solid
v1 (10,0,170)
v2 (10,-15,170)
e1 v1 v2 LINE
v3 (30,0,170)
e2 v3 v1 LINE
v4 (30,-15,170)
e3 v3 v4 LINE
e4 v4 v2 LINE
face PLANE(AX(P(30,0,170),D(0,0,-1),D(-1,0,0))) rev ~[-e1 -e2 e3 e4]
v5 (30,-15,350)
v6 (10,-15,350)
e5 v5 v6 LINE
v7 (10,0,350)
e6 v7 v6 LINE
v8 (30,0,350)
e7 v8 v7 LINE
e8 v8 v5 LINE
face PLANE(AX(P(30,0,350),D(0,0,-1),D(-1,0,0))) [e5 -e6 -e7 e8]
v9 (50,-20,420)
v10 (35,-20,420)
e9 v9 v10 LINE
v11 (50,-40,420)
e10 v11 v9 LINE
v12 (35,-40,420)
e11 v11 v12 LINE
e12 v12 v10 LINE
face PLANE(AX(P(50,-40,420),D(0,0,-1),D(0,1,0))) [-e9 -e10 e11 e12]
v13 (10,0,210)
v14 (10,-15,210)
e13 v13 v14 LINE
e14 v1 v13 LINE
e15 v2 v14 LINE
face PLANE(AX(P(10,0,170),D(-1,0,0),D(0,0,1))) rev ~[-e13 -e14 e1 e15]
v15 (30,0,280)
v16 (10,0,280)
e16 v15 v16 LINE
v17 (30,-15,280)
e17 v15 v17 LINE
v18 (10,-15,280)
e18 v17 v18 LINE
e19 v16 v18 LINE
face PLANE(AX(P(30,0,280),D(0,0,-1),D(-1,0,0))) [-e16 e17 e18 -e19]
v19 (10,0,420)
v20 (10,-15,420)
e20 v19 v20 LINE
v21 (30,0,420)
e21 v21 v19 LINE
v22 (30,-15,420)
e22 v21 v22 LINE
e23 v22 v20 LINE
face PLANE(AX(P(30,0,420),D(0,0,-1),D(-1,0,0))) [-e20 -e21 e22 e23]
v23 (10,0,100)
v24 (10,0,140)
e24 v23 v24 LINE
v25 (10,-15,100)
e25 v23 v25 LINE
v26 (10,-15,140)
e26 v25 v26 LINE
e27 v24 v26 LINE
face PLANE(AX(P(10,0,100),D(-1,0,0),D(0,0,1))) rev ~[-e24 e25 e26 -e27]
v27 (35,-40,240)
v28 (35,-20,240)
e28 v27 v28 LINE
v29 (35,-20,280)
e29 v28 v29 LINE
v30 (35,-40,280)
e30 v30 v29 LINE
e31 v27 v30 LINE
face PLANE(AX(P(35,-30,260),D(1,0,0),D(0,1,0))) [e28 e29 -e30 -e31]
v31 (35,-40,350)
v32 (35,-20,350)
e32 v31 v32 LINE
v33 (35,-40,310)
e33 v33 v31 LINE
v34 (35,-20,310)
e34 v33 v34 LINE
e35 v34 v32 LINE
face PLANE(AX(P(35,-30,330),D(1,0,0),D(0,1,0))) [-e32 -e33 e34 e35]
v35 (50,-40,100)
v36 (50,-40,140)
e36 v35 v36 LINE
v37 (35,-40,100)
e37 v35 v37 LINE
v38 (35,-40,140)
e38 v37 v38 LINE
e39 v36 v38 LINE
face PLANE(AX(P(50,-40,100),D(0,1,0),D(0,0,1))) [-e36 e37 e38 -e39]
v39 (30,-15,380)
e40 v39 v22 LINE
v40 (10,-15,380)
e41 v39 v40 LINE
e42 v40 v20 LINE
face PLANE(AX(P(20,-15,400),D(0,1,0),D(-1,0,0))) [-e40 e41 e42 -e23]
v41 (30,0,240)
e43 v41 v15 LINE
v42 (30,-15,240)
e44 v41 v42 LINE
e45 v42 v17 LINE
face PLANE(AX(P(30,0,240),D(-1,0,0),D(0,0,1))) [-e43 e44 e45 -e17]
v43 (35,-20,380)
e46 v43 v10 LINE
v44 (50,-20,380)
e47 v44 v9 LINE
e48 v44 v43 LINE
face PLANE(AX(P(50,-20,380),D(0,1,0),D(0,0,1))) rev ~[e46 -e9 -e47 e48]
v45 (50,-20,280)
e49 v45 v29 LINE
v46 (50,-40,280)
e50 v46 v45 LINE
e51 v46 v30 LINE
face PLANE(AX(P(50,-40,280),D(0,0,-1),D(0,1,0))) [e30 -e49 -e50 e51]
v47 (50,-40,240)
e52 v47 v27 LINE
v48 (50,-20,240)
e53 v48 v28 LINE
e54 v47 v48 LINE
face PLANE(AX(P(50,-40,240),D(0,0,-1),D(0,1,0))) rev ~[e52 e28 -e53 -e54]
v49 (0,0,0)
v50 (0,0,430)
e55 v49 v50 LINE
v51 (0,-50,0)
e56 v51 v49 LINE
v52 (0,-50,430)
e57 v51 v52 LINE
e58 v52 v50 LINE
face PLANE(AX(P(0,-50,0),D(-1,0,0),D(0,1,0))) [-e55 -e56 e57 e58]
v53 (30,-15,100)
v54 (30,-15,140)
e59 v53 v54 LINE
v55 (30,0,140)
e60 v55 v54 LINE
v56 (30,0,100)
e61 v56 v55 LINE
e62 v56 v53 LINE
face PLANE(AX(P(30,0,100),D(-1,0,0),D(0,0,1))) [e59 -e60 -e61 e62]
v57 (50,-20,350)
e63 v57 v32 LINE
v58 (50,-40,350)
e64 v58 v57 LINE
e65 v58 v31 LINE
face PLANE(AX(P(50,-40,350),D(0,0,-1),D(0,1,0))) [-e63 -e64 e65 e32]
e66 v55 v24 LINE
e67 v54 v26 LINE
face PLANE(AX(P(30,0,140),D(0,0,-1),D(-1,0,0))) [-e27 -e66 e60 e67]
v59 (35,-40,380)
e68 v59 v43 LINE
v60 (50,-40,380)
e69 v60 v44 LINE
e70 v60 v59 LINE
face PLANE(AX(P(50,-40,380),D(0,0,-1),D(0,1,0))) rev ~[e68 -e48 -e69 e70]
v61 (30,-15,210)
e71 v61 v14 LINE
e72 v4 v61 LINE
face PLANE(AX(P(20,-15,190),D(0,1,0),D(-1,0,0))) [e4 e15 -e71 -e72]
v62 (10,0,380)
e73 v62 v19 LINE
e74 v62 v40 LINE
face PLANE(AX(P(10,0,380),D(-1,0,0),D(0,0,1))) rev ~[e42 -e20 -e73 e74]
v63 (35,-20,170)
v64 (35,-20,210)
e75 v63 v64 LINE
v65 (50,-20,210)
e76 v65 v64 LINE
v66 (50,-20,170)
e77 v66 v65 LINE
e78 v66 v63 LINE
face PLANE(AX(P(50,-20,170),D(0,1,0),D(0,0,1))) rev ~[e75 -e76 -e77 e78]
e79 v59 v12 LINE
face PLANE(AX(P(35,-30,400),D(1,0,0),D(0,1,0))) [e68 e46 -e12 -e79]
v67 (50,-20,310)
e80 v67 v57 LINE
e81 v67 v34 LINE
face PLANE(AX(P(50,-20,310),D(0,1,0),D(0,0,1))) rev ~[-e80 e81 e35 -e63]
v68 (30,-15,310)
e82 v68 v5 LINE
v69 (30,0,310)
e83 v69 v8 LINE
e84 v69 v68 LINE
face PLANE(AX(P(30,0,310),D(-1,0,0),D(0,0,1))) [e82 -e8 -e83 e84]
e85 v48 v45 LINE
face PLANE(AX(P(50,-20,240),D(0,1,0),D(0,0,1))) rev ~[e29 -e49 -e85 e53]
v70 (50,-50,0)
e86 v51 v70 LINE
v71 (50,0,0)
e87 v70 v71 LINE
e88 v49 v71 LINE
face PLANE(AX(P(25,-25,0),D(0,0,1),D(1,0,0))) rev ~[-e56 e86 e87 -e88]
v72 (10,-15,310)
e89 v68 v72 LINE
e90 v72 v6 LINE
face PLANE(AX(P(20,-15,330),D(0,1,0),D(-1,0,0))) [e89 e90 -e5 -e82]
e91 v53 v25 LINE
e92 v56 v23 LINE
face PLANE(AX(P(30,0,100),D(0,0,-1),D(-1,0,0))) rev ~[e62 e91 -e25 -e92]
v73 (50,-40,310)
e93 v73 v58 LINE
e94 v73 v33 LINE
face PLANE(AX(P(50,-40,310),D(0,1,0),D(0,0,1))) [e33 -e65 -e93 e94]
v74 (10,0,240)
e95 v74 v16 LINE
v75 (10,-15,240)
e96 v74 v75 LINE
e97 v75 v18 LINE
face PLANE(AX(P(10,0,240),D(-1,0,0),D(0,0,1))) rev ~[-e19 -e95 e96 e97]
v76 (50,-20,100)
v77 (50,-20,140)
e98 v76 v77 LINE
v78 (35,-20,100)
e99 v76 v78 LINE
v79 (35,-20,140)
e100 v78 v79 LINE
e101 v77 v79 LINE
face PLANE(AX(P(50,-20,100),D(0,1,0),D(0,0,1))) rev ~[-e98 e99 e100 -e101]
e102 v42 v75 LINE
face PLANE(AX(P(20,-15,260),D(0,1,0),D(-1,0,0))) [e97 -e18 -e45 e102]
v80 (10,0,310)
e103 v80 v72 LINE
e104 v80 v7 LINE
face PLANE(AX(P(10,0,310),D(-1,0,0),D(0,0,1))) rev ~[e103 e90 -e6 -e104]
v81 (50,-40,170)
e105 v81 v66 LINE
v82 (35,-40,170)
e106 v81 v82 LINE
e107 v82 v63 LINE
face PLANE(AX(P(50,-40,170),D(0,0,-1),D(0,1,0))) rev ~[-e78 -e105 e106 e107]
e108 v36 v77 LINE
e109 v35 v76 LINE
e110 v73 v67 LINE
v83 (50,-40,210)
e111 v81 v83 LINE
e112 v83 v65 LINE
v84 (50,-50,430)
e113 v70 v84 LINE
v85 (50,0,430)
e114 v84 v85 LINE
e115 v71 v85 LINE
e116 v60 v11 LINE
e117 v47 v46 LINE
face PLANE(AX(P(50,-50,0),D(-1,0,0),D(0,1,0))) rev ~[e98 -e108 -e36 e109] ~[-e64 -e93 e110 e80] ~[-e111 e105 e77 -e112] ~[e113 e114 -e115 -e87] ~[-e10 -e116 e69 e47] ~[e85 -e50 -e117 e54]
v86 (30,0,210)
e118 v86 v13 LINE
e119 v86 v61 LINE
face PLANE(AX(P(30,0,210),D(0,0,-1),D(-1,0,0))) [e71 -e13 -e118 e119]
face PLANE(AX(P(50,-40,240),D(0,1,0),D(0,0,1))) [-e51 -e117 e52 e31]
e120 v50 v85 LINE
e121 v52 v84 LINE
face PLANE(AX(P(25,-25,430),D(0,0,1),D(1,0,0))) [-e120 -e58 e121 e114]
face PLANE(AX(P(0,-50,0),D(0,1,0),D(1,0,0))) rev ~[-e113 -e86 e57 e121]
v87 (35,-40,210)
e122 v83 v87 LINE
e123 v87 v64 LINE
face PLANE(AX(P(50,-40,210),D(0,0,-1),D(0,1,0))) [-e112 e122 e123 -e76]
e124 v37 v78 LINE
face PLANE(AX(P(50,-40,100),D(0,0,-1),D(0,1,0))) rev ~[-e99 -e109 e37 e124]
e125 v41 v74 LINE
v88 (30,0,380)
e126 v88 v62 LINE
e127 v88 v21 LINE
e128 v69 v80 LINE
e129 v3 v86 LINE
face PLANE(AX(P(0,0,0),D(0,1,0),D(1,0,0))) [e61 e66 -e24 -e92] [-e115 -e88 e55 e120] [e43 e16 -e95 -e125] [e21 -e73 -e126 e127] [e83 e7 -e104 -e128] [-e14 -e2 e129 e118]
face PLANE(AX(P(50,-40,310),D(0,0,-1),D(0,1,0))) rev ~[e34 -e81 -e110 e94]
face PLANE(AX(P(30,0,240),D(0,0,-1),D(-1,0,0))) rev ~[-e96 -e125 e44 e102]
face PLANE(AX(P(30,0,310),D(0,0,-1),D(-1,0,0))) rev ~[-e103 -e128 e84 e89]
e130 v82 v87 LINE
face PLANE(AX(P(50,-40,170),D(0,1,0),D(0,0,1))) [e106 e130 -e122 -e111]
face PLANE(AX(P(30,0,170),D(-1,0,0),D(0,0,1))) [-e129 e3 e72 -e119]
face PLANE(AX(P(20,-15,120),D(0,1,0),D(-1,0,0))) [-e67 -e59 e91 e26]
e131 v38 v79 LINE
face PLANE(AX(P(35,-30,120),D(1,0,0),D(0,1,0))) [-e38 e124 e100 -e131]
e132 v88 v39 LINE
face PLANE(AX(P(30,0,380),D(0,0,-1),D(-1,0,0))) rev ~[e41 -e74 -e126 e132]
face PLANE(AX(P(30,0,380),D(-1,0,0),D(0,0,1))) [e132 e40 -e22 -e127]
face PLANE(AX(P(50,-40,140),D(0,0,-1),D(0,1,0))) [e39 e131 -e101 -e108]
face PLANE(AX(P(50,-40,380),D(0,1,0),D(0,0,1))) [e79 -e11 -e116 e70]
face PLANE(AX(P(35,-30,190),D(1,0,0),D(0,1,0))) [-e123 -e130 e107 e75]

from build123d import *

# Parameters (mm, degrees)
F0_W     = 50
F0_H     = 50
F1_DEPTH = 430
F2_W     = 20
F2_H     = 40
F3_DEPTH = 15
F4_W     = 20
F4_H     = 40
F5_DEPTH = 15


with BuildPart() as f1:
    # F0 (on Top) → F1 (new body)
    with BuildSketch(Plane.XY):
        with Locations((25, -25)):
            Rectangle(F0_W, F0_H)
    extrude(amount=F1_DEPTH)

    # F2 (on face) → F3 (cut)
    with BuildSketch(Plane.YZ.offset(50)):
        with Locations((-30, 400)):
            Rectangle(F2_W, F2_H)
        with Locations((-30, 330)):
            Rectangle(F2_W, F2_H)
        with Locations((-30, 260)):
            Rectangle(F2_W, F2_H)
        with Locations((-30, 190)):
            Rectangle(F2_W, F2_H)
        with Locations((-30, 120)):
            Rectangle(F2_W, F2_H)
    extrude(amount=-F3_DEPTH, mode=Mode.SUBTRACT)

    # F4 (on face) → F5 (cut)
    with BuildSketch(Plane(origin=(0, 0, 0), x_dir=(-1, 0, 0), z_dir=(0, 1, 0))):
        with Locations((-20, 400)):
            Rectangle(F4_W, F4_H)
        with Locations((-20, 330)):
            Rectangle(F4_W, F4_H)
        with Locations((-20, 260)):
            Rectangle(F4_W, F4_H)
        with Locations((-20, 190)):
            Rectangle(F4_W, F4_H)
        with Locations((-20, 120)):
            Rectangle(F4_W, F4_H)
    extrude(amount=-F5_DEPTH, mode=Mode.SUBTRACT)


solid = f1.part
